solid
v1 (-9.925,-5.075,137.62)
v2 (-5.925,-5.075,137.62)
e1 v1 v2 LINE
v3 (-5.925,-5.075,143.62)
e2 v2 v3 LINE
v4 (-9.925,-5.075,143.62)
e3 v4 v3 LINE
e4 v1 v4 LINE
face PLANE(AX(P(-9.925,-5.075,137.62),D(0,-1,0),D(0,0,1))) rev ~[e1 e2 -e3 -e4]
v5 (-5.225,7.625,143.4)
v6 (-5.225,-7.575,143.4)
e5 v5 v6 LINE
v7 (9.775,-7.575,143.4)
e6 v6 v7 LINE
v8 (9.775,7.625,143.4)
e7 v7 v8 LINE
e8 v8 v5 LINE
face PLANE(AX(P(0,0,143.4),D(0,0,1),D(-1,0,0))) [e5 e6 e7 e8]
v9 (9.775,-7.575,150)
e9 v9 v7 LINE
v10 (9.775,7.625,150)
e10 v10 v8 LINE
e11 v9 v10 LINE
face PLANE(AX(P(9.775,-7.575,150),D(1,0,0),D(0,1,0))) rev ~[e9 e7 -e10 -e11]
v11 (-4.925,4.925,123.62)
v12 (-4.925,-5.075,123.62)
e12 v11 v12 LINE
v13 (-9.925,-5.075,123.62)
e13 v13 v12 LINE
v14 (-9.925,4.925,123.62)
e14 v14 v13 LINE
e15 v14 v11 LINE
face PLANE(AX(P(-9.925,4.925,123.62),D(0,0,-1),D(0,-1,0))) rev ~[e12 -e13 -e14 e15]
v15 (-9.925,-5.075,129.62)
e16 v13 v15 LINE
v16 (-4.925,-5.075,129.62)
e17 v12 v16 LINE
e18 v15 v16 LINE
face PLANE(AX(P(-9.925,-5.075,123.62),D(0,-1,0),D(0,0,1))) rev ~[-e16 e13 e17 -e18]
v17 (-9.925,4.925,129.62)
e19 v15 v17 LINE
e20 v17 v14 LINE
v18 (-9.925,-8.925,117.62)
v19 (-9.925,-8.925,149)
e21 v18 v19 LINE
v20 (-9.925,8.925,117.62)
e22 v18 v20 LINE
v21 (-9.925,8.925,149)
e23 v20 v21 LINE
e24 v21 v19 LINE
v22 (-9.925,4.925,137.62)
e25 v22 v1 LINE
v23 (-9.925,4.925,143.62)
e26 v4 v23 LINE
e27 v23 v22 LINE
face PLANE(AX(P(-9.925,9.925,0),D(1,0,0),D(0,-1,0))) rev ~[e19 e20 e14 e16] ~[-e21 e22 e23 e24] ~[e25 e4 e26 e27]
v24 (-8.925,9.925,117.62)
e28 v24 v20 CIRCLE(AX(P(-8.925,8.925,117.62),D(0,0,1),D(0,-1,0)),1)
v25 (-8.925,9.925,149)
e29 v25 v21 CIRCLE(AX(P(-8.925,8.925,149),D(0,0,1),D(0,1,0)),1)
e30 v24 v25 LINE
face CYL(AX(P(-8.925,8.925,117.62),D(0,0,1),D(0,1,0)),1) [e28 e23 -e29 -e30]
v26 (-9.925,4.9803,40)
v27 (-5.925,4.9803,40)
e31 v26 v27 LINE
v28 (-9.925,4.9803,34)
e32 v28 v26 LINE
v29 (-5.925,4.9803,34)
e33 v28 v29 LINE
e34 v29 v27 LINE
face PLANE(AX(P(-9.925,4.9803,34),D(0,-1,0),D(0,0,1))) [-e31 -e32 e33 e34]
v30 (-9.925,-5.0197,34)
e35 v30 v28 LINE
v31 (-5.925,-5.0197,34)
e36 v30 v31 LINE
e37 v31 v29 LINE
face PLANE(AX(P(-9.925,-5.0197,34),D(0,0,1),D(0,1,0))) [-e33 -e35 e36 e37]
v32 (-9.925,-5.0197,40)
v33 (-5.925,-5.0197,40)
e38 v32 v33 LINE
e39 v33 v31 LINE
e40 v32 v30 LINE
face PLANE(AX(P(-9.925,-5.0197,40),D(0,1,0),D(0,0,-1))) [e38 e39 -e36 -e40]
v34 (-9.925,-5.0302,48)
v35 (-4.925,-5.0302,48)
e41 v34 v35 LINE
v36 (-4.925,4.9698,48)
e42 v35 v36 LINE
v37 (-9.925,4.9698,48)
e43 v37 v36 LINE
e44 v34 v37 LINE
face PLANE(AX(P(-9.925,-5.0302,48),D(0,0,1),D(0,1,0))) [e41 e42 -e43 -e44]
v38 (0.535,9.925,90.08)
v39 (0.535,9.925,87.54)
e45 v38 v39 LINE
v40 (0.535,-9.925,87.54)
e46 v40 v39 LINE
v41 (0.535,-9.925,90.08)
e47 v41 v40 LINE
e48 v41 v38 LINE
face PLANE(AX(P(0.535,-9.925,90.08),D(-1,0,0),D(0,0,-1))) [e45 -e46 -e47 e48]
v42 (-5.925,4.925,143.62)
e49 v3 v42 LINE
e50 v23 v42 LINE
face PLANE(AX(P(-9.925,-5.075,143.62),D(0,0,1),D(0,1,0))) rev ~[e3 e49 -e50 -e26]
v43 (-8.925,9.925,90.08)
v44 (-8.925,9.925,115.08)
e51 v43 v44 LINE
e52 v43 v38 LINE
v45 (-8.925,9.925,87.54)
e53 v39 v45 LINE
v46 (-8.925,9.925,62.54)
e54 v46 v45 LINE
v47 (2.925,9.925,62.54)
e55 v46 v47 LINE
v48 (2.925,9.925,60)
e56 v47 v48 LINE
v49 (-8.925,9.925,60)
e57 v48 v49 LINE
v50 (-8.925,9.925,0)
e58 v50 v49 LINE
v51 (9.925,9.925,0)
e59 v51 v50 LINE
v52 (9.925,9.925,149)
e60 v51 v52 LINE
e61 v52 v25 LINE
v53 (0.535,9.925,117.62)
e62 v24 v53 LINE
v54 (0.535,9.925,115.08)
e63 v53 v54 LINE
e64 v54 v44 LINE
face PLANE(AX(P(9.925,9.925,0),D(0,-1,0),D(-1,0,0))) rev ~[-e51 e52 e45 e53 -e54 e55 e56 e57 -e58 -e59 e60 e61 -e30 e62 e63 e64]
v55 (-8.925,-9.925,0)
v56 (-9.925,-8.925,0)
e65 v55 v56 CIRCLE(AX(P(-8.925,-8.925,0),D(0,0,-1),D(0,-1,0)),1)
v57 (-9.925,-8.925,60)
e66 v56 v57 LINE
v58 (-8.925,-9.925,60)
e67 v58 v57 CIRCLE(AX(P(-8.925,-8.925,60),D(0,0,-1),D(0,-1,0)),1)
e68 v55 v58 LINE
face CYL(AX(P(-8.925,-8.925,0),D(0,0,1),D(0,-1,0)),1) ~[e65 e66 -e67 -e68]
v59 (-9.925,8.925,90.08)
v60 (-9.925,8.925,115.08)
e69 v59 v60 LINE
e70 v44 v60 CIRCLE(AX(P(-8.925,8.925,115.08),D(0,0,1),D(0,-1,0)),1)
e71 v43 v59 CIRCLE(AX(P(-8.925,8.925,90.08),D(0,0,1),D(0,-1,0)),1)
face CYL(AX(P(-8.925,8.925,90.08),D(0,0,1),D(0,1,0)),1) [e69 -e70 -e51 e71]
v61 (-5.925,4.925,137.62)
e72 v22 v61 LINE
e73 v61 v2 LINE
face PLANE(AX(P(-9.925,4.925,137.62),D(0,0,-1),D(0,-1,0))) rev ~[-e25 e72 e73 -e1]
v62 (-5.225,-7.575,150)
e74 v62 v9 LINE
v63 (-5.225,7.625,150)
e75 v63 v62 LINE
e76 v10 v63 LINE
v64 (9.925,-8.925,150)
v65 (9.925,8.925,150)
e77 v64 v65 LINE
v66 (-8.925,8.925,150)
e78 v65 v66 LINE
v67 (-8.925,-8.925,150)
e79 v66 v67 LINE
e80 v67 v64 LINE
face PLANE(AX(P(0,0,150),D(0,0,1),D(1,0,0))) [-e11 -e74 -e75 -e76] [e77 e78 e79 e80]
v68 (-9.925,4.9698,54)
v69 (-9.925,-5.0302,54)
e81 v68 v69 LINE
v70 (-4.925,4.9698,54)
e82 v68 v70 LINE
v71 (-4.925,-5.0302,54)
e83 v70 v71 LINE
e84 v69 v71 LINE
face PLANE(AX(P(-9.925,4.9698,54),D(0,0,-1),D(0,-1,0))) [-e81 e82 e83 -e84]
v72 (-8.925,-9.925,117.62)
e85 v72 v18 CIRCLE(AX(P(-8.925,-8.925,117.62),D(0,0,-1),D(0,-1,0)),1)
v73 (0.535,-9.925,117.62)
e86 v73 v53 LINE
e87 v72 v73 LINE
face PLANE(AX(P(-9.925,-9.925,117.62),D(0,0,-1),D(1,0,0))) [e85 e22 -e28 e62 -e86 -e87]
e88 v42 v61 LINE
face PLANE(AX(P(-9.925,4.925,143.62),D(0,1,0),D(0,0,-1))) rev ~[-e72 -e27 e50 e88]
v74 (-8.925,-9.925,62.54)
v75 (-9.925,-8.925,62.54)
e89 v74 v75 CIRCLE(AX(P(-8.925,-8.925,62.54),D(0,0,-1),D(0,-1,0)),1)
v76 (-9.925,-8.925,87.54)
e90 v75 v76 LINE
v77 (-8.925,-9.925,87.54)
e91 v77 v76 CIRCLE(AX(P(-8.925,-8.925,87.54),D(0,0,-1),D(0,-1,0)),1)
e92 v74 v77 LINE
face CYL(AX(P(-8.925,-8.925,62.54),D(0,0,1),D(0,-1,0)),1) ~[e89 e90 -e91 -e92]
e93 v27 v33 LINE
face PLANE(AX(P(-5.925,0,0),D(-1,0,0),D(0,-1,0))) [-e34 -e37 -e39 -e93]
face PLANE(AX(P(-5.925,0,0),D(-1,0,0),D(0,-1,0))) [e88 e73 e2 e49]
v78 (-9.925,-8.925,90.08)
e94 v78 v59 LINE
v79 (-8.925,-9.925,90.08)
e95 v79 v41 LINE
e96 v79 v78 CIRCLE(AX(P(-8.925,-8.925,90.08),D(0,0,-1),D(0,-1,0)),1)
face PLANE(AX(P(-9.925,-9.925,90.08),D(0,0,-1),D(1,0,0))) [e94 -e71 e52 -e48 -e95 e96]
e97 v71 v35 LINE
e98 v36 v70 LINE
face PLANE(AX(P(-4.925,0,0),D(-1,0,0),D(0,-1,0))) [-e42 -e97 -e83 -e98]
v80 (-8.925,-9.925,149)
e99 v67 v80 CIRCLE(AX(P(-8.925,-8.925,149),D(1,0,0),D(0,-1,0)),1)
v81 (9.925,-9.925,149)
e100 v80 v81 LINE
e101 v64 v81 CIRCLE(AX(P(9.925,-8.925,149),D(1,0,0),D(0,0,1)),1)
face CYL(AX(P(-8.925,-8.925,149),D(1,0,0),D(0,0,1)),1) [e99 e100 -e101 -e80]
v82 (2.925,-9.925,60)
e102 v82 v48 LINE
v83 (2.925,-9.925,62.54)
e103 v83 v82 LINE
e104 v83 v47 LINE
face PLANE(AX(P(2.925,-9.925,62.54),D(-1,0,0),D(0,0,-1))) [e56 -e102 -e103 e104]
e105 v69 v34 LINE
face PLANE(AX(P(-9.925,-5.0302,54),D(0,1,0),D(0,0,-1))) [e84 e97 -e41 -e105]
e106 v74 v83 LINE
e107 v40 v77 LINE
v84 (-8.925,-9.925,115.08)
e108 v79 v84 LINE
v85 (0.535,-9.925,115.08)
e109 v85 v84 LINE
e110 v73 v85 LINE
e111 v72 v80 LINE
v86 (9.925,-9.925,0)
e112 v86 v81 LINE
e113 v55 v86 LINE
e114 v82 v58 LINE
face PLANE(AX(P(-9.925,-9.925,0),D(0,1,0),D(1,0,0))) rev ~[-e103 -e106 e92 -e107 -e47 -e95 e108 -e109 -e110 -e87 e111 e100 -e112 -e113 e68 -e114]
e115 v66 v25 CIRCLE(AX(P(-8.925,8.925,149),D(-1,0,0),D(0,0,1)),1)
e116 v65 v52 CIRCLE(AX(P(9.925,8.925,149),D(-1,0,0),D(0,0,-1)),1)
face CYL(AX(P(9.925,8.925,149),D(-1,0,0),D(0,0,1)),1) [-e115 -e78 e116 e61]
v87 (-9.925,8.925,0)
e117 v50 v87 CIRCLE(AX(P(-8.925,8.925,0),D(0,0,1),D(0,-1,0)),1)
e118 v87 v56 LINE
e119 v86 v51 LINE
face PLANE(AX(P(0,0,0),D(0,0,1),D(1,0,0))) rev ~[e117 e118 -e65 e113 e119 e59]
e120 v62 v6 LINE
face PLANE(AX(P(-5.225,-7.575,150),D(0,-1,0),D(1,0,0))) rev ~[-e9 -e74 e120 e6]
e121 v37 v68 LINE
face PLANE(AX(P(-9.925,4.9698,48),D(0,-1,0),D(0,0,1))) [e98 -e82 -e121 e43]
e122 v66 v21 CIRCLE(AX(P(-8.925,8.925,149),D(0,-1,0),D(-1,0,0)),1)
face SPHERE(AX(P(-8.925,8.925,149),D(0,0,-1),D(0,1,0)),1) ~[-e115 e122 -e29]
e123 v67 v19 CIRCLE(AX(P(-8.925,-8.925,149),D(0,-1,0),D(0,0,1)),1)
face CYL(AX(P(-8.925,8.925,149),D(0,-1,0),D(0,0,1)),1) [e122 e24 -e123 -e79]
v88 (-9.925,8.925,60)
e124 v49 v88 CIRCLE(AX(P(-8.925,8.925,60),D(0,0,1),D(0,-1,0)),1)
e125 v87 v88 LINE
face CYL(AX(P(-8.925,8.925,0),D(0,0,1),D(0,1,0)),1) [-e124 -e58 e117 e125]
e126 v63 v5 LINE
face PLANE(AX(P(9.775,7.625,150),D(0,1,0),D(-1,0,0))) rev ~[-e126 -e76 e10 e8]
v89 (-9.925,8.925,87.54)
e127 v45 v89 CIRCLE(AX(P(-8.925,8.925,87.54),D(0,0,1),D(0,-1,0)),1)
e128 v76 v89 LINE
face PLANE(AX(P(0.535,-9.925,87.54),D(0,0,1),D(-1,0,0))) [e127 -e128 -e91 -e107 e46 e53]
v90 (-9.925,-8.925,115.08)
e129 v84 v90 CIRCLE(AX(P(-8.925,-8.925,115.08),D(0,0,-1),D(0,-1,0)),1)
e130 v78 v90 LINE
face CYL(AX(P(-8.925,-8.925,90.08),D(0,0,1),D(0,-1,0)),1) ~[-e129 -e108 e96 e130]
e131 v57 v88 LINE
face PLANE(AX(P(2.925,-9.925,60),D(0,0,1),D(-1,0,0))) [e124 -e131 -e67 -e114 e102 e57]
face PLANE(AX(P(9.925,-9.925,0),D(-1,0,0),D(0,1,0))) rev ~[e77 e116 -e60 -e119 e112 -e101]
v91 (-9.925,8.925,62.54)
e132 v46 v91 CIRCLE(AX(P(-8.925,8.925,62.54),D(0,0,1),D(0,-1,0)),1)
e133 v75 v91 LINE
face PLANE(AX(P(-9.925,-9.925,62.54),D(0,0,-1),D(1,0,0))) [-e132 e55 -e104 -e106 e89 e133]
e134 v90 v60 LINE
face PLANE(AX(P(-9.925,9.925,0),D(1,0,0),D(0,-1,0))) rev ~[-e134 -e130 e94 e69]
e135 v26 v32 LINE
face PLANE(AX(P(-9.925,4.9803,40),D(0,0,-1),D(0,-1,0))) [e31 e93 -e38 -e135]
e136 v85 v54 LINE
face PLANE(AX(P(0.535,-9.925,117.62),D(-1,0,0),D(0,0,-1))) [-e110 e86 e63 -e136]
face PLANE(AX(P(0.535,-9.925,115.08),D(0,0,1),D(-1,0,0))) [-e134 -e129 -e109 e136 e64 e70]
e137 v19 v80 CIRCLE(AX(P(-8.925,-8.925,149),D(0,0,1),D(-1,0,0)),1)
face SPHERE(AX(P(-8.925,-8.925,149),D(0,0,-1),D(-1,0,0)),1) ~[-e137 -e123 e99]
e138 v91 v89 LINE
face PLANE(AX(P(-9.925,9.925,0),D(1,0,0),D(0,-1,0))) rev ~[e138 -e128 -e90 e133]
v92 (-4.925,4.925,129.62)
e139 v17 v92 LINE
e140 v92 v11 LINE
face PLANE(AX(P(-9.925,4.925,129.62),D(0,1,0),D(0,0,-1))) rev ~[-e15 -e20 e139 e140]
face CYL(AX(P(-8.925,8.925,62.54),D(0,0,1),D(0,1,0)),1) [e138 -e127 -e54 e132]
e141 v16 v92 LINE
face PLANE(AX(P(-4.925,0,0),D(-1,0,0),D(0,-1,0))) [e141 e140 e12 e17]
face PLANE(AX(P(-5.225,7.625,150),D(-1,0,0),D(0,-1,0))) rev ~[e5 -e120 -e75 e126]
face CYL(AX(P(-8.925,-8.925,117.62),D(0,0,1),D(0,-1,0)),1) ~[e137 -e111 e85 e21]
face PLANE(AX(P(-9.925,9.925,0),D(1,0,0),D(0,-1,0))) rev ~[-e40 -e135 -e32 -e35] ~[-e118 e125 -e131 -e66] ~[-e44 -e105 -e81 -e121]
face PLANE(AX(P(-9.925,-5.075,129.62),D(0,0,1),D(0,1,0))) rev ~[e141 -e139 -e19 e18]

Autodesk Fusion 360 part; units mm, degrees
sketch "Sketch1" plane through (0, 0, 0) normal (0, 0, 1) x (1, 0, 0)
  line L0 (9.925, 9.925) -> (-9.925, 9.925)
  line L1 (-9.925, 9.925) -> (-9.925, -9.925)
  line L2 (-9.925, -9.925) -> (9.925, -9.925)
  line L3 (9.925, -9.925) -> (9.925, 9.925)
  line L4 (9.925, 9.925) -> (-9.925, -9.925) construction
  line L5 (-9.925, 9.925) -> (9.925, -9.925) construction
  dimension "d1" = 19.85
  dimension "d2" = 19.85
extrude "Extrude1" add sketch "Sketch1" along normal blind 150
sketch "Sketch2" plane through (0, -9.925, 0) normal (0, -1, 0) x (1, 0, 0)
  line L0 (-9.925, 0) -> (9.925, 0)
  line L1 (9.925, 0) -> (9.925, 150)
  line L2 (9.925, 150) -> (-9.925, 150)
  line L3 (-9.925, 150) -> (-9.925, 0)
  line L4 (-9.925, 62.54) -> (2.925, 62.54)
  line L5 (2.925, 62.54) -> (2.925, 60)
  line L6 (2.925, 60) -> (-9.925, 60)
  line L7 (-9.925, 60) -> (-9.925, 62.54)
  line L8 (-9.925, 90.08) -> (0.535, 90.08)
  line L9 (0.535, 90.08) -> (0.535, 87.54)
  line L10 (0.535, 87.54) -> (-9.925, 87.54)
  line L11 (-9.925, 87.54) -> (-9.925, 90.08)
  line L12 (-9.925, 117.62) -> (0.535, 117.62)
  line L13 (0.535, 117.62) -> (0.535, 115.08)
  line L14 (0.535, 115.08) -> (-9.925, 115.08)
  line L15 (-9.925, 115.08) -> (-9.925, 117.62)
  dimension "d5" = 12.85
  dimension "d6" = 2.54
  dimension "d7" = 60
  dimension "d8" = 10.46
  dimension "d9" = 2.54
  dimension "d10" = 25
  dimension "d11" = 10.46
  dimension "d12" = 2.54
  dimension "d13" = 25
extrude "Extrude2" cut sketch "Sketch2" against normal blind 30 contours L3 L4 L5 L6 L7 | L3 L8 L9 L10 L11 | L3 L12 L13 L14 L15
fillet "Fillet1" radius 1 8 edges at (-9.925, -9.925, 133.81) (-9.925, -9.925, 102.58) (-9.925, -9.925, 75.04) (-9.925, -9.925, 30) (-9.925, 9.925, 133.81) (-9.925, 9.925, 102.58) (-9.925, 9.925, 75.04) (-9.925, 9.925, 30)
fillet "Fillet2" radius 1 5 edges at (0.5, 9.925, 150) (-9.6321, 9.6321, 150) (-9.925, 0, 150) (-9.6321, -9.6321, 150) (0.5, -9.925, 150)
sketch "Sketch3" plane through (-9.925, 0, 0) normal (-1, 0, 0) x (0, -1, 0)
  line L0 (8.925, 149) -> (-8.925, 149)
  line L1 (-8.925, 149) -> (-8.925, 117.62)
  line L2 (-8.925, 117.62) -> (8.925, 117.62)
  line L3 (8.925, 117.62) -> (8.925, 149)
  line L4 (5.075, 129.62) -> (-4.925, 129.62)
  line L5 (-4.925, 129.62) -> (-4.925, 123.62)
  line L6 (-4.925, 123.62) -> (5.075, 123.62)
  line L7 (5.075, 123.62) -> (5.075, 129.62)
  line L8 (5.075, 129.62) -> (-4.925, 123.62) construction
  line L9 (-4.925, 129.62) -> (5.075, 123.62) construction
  line L10 (-4.9698, 54) -> (5.0302, 54)
  line L11 (5.0302, 54) -> (5.0302, 48)
  line L12 (5.0302, 48) -> (-4.9698, 48)
  line L13 (-4.9698, 48) -> (-4.9698, 54)
  line L14 (-4.9698, 54) -> (5.0302, 48) construction
  line L15 (5.0302, 54) -> (-4.9698, 48) construction
  line L16 (8.925, 60) -> (-8.925, 60)
  point P0 (0.075, 126.62)
  point P1 (0.0302, 51)
  dimension "d20" = 10
  dimension "d21" = 6
  dimension "d22" = 3.85
  dimension "d23" = 6
  dimension "d24" = 6
  dimension "d25" = 10
  dimension "d26" = 6
extrude "Extrude3" cut sketch "Sketch3" against normal blind 5 contours L4 L5 L6 L7 | L10 L11 L12 L13
sketch "Sketch4" plane through (0, 0, 150) normal (0, 0, 1) x (-1, 0, 0)
  line L0 (8.925, 8.925) -> (-9.925, 8.925)
  line L1 (-9.925, 8.925) -> (-9.925, -8.925)
  line L2 (-9.925, -8.925) -> (8.925, -8.925)
  line L3 (8.925, -8.925) -> (8.925, 8.925)
  line L4 (-9.775, -7.625) -> (5.225, -7.625)
  line L5 (5.225, -7.625) -> (5.225, 7.575)
  line L6 (5.225, 7.575) -> (-9.775, 7.575)
  line L7 (-9.775, 7.575) -> (-9.775, -7.625)
  line L8 (-9.775, -7.625) -> (5.225, 7.575) construction
  line L9 (5.225, -7.625) -> (-9.775, 7.575) construction
  point P0 (-2.275, -0.025)
  dimension "d29" = 15
  dimension "d30" = 15.2
  dimension "d31" = 1.3
  dimension "d32" = 3.7
extrude "Extrude4" cut sketch "Sketch4" against normal blind 6.6 contours L4 L5 L6 L7
sketch "Sketch7" plane through (-9.925, 0, 0) normal (-1, 0, 0) x (0, -1, 0)
  line L0 (-4.925, 129.62) -> (5.075, 129.62)
  line L1 (5.075, 129.62) -> (5.075, 123.62)
  line L2 (5.075, 123.62) -> (-4.925, 123.62)
  line L3 (-4.925, 123.62) -> (-4.925, 129.62)
  line L4 (8.925, 149) -> (-8.925, 149)
  line L5 (-8.925, 149) -> (-8.925, 117.62)
  line L6 (-8.925, 117.62) -> (8.925, 117.62)
  line L7 (8.925, 117.62) -> (8.925, 149)
  line L8 (5.075, 143.62) -> (-4.925, 143.62)
  line L9 (-4.925, 143.62) -> (-4.925, 137.62)
  line L10 (-4.925, 137.62) -> (5.075, 137.62)
  line L11 (5.075, 137.62) -> (5.075, 143.62)
  line L12 (5.075, 143.62) -> (-4.925, 137.62) construction
  line L13 (-4.925, 143.62) -> (5.075, 137.62) construction
  line L14 (5.0197, 34) -> (-4.9803, 34)
  line L15 (-4.9803, 34) -> (-4.9803, 40)
  line L16 (-4.9803, 40) -> (5.0197, 40)
  line L17 (5.0197, 40) -> (5.0197, 34)
  line L18 (5.0197, 34) -> (-4.9803, 40) construction
  line L19 (-4.9803, 34) -> (5.0197, 40) construction
  line L20 (5.0302, 48) -> (-4.9698, 48)
  point P0 (0.075, 140.62)
  point P1 (0.0197, 37)
  dimension "d45" = 8
  dimension "d46" = 3.85
  dimension "d47" = 6
  dimension "d48" = 10
  dimension "d49" = 6
  dimension "d50" = 8
extrude "Extrude6" cut sketch "Sketch7" against normal blind 4 contours L8 L9 L10 L11 | L14 L15 L16 L17
